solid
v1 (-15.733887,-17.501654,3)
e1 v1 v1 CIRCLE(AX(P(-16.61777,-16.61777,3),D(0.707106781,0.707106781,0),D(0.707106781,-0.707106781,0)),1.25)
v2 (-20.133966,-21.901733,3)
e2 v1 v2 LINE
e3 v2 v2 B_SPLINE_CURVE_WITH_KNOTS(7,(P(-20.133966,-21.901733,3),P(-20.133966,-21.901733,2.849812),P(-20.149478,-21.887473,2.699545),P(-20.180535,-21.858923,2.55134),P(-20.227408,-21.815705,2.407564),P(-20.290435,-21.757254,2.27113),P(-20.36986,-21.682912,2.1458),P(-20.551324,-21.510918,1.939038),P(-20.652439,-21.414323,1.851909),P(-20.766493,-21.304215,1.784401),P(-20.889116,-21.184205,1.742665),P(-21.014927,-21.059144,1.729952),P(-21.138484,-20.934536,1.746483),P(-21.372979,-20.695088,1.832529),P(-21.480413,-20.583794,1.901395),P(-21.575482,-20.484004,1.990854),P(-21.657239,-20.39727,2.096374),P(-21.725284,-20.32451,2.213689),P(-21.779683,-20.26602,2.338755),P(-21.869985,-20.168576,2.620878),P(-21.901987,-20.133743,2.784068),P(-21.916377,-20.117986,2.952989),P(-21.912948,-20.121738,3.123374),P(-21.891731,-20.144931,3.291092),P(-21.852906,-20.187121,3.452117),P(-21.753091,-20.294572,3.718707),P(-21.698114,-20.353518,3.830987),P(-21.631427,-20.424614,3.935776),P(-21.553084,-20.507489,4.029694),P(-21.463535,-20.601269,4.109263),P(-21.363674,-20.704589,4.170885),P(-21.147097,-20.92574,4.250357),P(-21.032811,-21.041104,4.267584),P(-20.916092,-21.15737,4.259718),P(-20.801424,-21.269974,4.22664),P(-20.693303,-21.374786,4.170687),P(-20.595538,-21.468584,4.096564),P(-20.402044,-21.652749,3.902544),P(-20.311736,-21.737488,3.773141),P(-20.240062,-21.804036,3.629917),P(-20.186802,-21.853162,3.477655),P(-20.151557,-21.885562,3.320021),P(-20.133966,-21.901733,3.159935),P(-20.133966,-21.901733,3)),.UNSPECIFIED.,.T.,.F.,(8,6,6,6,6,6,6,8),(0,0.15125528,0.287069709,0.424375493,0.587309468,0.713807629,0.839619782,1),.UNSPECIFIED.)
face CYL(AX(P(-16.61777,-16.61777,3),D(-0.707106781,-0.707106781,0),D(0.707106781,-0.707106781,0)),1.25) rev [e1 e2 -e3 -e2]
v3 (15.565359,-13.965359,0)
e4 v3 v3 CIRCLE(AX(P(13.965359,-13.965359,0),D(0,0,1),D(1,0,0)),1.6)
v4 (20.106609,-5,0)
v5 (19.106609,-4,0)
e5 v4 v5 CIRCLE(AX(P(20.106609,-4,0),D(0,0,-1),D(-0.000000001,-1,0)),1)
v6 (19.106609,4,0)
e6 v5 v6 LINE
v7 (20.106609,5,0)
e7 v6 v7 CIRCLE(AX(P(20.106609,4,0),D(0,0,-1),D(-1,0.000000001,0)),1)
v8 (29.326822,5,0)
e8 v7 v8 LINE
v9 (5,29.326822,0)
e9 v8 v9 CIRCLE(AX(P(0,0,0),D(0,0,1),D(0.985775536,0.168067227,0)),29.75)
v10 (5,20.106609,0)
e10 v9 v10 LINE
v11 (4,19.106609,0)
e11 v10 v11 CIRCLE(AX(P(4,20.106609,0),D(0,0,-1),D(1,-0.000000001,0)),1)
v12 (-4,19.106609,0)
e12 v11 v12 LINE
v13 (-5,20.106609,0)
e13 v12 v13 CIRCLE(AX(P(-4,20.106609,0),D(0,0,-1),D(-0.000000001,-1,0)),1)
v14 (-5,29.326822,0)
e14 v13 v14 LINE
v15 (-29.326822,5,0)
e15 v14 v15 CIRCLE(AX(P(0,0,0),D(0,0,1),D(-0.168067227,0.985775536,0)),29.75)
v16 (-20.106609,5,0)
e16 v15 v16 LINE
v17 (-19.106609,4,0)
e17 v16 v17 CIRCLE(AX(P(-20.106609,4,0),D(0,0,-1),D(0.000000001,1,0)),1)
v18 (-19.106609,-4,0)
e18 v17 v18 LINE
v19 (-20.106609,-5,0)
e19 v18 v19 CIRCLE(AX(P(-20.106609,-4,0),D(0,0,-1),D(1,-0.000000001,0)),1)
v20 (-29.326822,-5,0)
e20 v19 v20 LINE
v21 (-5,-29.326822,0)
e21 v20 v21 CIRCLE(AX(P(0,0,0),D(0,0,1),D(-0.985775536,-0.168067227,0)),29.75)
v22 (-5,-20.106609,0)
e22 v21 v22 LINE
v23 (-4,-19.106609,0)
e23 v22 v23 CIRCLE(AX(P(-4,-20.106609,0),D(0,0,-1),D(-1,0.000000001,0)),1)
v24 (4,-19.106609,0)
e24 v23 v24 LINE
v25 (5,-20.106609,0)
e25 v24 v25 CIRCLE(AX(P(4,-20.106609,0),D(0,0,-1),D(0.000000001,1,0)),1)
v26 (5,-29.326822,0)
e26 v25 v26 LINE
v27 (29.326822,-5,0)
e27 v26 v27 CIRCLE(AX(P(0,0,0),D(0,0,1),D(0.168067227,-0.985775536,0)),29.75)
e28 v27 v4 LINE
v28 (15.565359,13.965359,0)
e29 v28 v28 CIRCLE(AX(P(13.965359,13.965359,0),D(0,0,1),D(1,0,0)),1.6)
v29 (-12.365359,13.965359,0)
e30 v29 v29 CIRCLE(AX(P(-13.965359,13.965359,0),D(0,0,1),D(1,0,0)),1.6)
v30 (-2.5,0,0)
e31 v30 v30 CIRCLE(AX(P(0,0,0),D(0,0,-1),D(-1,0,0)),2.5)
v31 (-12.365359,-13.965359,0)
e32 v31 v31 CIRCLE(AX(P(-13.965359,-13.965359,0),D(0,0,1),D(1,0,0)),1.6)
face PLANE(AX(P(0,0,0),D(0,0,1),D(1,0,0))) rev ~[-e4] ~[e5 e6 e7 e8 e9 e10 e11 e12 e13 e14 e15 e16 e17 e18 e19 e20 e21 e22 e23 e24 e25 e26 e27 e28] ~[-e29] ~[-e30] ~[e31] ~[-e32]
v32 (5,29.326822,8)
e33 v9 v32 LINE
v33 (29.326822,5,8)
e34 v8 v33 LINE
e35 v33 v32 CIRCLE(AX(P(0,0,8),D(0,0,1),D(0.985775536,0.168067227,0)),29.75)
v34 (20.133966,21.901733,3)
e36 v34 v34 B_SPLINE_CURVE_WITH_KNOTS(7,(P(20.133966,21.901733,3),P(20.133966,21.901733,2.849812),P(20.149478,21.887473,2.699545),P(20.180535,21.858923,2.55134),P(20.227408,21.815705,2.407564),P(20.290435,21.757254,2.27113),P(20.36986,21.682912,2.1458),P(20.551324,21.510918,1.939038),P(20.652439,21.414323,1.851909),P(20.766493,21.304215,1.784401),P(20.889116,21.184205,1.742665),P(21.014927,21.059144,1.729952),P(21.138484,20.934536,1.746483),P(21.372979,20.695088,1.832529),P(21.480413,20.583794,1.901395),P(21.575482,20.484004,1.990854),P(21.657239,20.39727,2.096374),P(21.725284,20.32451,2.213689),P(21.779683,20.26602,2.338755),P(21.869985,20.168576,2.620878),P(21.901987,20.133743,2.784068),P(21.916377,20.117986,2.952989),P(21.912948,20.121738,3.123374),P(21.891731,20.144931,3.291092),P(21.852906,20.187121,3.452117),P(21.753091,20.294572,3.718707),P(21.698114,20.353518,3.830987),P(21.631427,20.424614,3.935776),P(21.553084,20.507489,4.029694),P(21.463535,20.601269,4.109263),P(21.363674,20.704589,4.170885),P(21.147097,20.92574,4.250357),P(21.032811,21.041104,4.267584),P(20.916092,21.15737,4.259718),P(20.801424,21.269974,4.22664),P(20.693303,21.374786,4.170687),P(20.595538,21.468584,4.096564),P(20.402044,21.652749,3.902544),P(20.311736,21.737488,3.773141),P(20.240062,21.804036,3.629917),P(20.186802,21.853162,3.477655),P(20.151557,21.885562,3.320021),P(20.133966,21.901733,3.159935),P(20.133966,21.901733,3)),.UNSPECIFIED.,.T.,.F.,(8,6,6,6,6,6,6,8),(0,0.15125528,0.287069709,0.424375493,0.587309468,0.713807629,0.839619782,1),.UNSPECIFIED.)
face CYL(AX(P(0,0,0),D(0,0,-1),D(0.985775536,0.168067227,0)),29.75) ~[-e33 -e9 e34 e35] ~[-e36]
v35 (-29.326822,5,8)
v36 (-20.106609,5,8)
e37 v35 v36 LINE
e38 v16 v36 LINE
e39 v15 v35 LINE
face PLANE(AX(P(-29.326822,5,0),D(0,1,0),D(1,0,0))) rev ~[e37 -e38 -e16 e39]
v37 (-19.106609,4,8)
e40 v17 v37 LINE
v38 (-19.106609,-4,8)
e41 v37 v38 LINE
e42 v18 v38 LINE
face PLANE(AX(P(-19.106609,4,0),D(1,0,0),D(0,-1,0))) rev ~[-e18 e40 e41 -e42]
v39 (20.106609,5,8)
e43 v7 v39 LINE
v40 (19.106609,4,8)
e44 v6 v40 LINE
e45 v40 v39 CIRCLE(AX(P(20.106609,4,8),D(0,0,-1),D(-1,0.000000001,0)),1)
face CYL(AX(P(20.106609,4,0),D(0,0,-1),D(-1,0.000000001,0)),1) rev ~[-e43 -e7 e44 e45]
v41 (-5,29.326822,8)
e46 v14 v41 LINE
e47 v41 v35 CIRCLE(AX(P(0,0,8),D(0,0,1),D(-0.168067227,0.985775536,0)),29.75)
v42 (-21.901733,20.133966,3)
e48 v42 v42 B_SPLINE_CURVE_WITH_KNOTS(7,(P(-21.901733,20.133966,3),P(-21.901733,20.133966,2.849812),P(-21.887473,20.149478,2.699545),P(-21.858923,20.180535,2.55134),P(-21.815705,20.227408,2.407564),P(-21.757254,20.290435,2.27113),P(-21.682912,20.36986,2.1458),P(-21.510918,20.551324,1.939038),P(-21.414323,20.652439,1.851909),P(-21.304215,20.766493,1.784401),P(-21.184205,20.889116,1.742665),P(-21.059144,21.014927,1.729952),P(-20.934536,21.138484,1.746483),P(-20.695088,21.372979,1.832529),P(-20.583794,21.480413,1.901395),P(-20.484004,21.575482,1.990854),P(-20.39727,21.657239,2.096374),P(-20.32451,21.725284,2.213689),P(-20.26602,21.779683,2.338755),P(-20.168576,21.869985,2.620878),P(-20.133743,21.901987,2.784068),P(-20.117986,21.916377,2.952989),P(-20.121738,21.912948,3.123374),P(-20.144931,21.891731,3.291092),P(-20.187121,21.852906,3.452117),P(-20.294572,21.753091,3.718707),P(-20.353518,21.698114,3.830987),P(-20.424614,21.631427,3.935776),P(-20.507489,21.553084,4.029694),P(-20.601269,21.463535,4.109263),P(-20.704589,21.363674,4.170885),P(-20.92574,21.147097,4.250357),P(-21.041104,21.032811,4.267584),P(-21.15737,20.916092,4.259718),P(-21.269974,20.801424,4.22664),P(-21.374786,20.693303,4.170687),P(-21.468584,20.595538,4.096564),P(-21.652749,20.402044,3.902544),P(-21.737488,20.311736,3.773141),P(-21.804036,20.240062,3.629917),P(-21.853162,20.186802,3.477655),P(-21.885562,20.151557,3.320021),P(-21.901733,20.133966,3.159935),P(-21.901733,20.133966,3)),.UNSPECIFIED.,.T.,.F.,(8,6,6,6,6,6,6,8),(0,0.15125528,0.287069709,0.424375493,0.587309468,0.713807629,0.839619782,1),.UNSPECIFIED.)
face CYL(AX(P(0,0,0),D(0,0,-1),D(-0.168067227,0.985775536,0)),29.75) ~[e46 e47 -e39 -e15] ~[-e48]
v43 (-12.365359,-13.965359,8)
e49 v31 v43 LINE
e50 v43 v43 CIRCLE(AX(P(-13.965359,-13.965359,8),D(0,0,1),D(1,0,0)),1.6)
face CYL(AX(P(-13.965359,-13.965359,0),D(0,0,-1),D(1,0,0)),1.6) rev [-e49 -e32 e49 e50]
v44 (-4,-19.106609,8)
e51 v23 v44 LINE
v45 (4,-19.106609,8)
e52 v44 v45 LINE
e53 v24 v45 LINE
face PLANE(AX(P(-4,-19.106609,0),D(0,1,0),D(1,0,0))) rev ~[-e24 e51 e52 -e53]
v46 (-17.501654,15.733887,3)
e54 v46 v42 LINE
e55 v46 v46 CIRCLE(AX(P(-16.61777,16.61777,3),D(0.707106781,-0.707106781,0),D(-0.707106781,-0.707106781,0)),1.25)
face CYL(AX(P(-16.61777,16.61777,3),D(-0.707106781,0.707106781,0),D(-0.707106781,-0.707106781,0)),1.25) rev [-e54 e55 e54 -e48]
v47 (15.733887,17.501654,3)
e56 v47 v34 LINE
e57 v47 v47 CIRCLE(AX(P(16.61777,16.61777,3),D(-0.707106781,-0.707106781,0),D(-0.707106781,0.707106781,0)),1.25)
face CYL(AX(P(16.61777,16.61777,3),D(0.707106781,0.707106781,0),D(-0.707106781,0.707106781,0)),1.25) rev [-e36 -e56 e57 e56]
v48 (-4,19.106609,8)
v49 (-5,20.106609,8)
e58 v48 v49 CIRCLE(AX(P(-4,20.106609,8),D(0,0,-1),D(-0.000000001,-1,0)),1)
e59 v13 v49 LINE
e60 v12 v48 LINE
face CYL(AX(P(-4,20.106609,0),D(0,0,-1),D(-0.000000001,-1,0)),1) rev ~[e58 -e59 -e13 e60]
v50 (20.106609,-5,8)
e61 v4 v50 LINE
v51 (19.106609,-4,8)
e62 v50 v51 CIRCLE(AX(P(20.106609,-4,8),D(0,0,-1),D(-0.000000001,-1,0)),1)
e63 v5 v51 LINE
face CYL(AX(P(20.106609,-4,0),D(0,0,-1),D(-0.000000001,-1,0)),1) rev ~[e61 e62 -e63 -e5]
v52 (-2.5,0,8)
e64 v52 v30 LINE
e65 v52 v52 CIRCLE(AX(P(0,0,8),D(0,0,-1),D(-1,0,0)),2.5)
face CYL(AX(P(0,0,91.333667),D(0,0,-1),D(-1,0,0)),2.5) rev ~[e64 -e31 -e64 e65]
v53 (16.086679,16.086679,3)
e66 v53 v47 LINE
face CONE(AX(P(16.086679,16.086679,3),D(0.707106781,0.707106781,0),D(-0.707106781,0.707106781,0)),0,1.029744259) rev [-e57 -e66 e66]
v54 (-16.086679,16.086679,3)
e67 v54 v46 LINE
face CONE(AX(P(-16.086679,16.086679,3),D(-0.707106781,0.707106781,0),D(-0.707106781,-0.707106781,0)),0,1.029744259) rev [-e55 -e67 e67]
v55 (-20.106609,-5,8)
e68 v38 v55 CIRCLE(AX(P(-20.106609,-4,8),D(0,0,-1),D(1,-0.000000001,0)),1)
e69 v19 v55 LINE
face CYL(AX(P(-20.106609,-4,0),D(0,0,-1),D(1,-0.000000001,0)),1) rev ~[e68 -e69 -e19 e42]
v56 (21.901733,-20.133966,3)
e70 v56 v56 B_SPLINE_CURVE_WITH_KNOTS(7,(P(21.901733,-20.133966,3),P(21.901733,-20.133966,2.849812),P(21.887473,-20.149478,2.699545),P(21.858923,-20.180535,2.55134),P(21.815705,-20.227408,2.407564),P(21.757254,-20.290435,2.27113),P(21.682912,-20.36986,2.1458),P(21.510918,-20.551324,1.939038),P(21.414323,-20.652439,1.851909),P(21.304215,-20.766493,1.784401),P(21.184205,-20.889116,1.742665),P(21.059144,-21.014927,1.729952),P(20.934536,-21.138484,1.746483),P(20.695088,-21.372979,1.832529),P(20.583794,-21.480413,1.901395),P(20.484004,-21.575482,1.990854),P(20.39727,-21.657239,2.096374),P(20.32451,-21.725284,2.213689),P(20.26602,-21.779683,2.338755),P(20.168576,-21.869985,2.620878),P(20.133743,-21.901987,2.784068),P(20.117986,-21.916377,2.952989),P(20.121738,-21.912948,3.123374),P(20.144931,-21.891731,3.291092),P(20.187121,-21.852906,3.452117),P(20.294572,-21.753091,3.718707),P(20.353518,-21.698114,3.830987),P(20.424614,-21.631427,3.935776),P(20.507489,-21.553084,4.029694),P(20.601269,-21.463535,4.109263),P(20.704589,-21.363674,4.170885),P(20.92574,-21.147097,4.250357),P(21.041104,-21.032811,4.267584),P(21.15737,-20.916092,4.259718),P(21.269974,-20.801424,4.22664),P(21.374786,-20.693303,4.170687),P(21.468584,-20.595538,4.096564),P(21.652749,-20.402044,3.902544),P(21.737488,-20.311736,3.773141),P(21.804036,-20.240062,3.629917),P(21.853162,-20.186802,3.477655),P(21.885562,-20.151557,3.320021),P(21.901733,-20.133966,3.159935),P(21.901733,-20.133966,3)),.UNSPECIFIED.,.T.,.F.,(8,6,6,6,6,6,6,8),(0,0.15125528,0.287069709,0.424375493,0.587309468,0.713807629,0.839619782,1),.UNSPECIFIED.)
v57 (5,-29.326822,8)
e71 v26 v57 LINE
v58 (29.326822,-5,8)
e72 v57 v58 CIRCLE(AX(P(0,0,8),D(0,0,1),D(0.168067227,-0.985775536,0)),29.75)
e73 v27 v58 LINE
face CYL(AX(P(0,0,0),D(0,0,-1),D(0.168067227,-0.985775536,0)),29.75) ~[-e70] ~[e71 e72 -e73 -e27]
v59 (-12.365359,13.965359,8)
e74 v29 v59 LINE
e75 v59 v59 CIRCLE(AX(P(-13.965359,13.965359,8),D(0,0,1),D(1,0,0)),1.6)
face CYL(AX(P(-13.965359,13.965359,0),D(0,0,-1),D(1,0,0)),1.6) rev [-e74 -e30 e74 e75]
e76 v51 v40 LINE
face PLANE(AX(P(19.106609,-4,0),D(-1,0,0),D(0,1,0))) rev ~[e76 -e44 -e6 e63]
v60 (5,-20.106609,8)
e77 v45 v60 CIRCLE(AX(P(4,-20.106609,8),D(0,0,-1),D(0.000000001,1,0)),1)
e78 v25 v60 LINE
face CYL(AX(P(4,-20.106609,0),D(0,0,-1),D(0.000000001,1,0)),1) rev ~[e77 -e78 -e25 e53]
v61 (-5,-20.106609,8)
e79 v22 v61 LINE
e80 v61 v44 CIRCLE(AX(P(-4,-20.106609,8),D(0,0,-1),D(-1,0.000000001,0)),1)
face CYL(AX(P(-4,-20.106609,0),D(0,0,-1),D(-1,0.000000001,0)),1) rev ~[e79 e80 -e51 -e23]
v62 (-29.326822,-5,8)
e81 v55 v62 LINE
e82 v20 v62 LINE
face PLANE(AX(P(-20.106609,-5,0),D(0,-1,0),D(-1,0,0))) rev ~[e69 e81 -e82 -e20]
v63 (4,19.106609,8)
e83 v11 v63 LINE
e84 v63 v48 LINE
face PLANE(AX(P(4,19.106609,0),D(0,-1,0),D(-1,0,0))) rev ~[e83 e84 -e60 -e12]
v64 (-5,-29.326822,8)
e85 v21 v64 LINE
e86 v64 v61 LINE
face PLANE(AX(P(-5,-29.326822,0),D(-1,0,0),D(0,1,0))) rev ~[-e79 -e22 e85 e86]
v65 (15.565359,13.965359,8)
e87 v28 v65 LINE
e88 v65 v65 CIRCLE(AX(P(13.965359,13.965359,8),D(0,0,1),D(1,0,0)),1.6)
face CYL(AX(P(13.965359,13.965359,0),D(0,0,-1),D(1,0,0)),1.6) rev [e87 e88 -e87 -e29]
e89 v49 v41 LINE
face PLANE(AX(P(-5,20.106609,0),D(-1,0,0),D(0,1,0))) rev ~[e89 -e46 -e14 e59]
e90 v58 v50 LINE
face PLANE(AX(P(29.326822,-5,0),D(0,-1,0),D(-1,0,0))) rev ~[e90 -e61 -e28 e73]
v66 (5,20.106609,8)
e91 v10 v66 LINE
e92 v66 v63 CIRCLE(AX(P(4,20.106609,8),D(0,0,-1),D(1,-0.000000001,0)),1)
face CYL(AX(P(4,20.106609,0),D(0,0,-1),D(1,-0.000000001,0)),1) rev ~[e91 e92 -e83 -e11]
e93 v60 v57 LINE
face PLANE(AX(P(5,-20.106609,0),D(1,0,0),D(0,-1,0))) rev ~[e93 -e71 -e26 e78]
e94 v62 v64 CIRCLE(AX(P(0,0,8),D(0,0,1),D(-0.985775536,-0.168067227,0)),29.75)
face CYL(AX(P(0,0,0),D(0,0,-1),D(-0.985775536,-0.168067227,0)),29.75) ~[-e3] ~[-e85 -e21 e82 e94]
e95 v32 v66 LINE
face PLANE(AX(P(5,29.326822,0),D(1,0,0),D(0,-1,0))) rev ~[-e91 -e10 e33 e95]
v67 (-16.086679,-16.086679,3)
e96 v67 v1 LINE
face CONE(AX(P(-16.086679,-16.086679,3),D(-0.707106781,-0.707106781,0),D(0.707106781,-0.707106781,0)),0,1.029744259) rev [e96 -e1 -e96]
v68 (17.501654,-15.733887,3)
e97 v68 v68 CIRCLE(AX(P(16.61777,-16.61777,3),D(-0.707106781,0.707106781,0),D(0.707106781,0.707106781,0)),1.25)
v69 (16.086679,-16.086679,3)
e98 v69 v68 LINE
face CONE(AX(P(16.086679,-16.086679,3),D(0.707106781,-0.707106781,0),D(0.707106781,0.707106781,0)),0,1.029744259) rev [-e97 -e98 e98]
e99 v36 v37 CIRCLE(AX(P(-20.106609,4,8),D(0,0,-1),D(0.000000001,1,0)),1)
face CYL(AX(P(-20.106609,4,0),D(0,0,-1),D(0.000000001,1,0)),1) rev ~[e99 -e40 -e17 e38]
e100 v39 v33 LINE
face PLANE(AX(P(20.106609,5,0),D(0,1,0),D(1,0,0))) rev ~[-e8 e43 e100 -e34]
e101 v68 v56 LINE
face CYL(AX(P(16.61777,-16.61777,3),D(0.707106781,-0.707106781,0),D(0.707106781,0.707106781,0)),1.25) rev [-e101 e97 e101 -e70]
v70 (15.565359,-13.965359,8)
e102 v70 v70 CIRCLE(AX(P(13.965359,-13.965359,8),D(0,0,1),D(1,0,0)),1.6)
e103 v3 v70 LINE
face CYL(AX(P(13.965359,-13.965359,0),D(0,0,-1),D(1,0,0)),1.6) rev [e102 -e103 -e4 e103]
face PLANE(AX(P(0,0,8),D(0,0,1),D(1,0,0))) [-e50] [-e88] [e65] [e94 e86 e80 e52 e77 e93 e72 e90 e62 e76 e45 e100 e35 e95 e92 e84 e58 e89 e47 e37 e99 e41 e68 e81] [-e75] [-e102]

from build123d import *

# Parameters (mm, degrees)
SKETCH1_R             = 1.6
BOSS_EXTRUDE1_DEPTH   = 8
M6X1_0_TAPPED_HOLE1_D = 5
CIRPATTERN4_COUNT     = 4


with BuildPart() as part:
    # Sketch1 → Boss-Extrude1 (new body)
    with BuildSketch(Plane.XY):
        with BuildLine():
            Line((-29.326822194, 5), (-20.106608804, 5))
            ThreePointArc((-20.106608804, 5), (-19.399502023, 4.707106781), (-19.106608804, 4))
            Line((-19.106608804, 4), (-19.106608804, -4))
            ThreePointArc((-19.106608804, -4), (-19.399502023, -4.707106781), (-20.106608804, -5))
            Line((-20.106608804, -5), (-29.326822194, -5))
            ThreePointArc((-29.326822194, -5), (-21.03642674, -21.03642674), (-5, -29.326822194))
            Line((-5, -29.326822194), (-5, -20.106608804))
            ThreePointArc((-5, -20.106608804), (-4.707106781, -19.399502023), (-4, -19.106608804))
            Line((-4, -19.106608804), (4, -19.106608804))
            ThreePointArc((4, -19.106608804), (4.707106781, -19.399502023), (5, -20.106608804))
            Line((5, -20.106608804), (5, -29.326822194))
            ThreePointArc((5, -29.326822194), (21.03642674, -21.03642674), (29.326822194, -5))
            Line((29.326822194, -5), (20.106608804, -5))
            ThreePointArc((20.106608804, -5), (19.399502023, -4.707106781), (19.106608804, -4))
            Line((19.106608804, -4), (19.106608804, 4))
            ThreePointArc((19.106608804, 4), (19.399502023, 4.707106781), (20.106608804, 5))
            Line((20.106608804, 5), (29.326822194, 5))
            ThreePointArc((29.326822194, 5), (21.03642674, 21.03642674), (5, 29.326822194))
            Line((5, 29.326822194), (5, 20.106608804))
            ThreePointArc((5, 20.106608804), (4.707106781, 19.399502023), (4, 19.106608804))
            Line((4, 19.106608804), (-4, 19.106608804))
            ThreePointArc((-4, 19.106608804), (-4.707106781, 19.399502023), (-5, 20.106608804))
            Line((-5, 20.106608804), (-5, 29.326822194))
            ThreePointArc((-5, 29.326822194), (-21.03642674, 21.03642674), (-29.326822194, 5))
        make_face()
        with Locations((13.965358928, 13.965358928)):
            Circle(SKETCH1_R, mode=Mode.SUBTRACT)
        with Locations((13.965358928, -13.965358928)):
            Circle(SKETCH1_R, mode=Mode.SUBTRACT)
        with Locations((-13.965358928, -13.965358928)):
            Circle(SKETCH1_R, mode=Mode.SUBTRACT)
        with Locations((-13.965358928, 13.965358928)):
            Circle(SKETCH1_R, mode=Mode.SUBTRACT)
    extrude(amount=BOSS_EXTRUDE1_DEPTH)

    # M6x1.0 Tapped Hole1 (through all)
    with Locations(Plane.XY.offset(8)):
        with Locations((0, 0)):
            Hole(M6X1_0_TAPPED_HOLE1_D / 2)

    # Sketch10 → M3x0.5 Tapped Hole2 (revolve, cut)
    with BuildSketch(Plane(origin=(-21.03642674, -21.03642674, 3), x_dir=(0.707106781186559, -0.707106781186536, 0), z_dir=(0, 0, 1))):
        Polygon((0, 0), (0, 7), (1.25, 6.248924226), (1.25, 0), align=None)
    m3x0_5_tapped_hole2 = revolve(axis=Axis((-25.526554801, -25.526554801, 3), (0.707106781186536, 0.707106781186559, 0)), mode=Mode.SUBTRACT)

    # CirPattern4: M3x0.5 Tapped Hole2 ×4 about axis
    cirpattern4_axis = Axis((0, 0, 8), (0, 0, -1))
    for i in range(1, CIRPATTERN4_COUNT):
        add(m3x0_5_tapped_hole2.rotate(cirpattern4_axis, i * 360 / CIRPATTERN4_COUNT), mode=Mode.SUBTRACT)


solid = part.part
